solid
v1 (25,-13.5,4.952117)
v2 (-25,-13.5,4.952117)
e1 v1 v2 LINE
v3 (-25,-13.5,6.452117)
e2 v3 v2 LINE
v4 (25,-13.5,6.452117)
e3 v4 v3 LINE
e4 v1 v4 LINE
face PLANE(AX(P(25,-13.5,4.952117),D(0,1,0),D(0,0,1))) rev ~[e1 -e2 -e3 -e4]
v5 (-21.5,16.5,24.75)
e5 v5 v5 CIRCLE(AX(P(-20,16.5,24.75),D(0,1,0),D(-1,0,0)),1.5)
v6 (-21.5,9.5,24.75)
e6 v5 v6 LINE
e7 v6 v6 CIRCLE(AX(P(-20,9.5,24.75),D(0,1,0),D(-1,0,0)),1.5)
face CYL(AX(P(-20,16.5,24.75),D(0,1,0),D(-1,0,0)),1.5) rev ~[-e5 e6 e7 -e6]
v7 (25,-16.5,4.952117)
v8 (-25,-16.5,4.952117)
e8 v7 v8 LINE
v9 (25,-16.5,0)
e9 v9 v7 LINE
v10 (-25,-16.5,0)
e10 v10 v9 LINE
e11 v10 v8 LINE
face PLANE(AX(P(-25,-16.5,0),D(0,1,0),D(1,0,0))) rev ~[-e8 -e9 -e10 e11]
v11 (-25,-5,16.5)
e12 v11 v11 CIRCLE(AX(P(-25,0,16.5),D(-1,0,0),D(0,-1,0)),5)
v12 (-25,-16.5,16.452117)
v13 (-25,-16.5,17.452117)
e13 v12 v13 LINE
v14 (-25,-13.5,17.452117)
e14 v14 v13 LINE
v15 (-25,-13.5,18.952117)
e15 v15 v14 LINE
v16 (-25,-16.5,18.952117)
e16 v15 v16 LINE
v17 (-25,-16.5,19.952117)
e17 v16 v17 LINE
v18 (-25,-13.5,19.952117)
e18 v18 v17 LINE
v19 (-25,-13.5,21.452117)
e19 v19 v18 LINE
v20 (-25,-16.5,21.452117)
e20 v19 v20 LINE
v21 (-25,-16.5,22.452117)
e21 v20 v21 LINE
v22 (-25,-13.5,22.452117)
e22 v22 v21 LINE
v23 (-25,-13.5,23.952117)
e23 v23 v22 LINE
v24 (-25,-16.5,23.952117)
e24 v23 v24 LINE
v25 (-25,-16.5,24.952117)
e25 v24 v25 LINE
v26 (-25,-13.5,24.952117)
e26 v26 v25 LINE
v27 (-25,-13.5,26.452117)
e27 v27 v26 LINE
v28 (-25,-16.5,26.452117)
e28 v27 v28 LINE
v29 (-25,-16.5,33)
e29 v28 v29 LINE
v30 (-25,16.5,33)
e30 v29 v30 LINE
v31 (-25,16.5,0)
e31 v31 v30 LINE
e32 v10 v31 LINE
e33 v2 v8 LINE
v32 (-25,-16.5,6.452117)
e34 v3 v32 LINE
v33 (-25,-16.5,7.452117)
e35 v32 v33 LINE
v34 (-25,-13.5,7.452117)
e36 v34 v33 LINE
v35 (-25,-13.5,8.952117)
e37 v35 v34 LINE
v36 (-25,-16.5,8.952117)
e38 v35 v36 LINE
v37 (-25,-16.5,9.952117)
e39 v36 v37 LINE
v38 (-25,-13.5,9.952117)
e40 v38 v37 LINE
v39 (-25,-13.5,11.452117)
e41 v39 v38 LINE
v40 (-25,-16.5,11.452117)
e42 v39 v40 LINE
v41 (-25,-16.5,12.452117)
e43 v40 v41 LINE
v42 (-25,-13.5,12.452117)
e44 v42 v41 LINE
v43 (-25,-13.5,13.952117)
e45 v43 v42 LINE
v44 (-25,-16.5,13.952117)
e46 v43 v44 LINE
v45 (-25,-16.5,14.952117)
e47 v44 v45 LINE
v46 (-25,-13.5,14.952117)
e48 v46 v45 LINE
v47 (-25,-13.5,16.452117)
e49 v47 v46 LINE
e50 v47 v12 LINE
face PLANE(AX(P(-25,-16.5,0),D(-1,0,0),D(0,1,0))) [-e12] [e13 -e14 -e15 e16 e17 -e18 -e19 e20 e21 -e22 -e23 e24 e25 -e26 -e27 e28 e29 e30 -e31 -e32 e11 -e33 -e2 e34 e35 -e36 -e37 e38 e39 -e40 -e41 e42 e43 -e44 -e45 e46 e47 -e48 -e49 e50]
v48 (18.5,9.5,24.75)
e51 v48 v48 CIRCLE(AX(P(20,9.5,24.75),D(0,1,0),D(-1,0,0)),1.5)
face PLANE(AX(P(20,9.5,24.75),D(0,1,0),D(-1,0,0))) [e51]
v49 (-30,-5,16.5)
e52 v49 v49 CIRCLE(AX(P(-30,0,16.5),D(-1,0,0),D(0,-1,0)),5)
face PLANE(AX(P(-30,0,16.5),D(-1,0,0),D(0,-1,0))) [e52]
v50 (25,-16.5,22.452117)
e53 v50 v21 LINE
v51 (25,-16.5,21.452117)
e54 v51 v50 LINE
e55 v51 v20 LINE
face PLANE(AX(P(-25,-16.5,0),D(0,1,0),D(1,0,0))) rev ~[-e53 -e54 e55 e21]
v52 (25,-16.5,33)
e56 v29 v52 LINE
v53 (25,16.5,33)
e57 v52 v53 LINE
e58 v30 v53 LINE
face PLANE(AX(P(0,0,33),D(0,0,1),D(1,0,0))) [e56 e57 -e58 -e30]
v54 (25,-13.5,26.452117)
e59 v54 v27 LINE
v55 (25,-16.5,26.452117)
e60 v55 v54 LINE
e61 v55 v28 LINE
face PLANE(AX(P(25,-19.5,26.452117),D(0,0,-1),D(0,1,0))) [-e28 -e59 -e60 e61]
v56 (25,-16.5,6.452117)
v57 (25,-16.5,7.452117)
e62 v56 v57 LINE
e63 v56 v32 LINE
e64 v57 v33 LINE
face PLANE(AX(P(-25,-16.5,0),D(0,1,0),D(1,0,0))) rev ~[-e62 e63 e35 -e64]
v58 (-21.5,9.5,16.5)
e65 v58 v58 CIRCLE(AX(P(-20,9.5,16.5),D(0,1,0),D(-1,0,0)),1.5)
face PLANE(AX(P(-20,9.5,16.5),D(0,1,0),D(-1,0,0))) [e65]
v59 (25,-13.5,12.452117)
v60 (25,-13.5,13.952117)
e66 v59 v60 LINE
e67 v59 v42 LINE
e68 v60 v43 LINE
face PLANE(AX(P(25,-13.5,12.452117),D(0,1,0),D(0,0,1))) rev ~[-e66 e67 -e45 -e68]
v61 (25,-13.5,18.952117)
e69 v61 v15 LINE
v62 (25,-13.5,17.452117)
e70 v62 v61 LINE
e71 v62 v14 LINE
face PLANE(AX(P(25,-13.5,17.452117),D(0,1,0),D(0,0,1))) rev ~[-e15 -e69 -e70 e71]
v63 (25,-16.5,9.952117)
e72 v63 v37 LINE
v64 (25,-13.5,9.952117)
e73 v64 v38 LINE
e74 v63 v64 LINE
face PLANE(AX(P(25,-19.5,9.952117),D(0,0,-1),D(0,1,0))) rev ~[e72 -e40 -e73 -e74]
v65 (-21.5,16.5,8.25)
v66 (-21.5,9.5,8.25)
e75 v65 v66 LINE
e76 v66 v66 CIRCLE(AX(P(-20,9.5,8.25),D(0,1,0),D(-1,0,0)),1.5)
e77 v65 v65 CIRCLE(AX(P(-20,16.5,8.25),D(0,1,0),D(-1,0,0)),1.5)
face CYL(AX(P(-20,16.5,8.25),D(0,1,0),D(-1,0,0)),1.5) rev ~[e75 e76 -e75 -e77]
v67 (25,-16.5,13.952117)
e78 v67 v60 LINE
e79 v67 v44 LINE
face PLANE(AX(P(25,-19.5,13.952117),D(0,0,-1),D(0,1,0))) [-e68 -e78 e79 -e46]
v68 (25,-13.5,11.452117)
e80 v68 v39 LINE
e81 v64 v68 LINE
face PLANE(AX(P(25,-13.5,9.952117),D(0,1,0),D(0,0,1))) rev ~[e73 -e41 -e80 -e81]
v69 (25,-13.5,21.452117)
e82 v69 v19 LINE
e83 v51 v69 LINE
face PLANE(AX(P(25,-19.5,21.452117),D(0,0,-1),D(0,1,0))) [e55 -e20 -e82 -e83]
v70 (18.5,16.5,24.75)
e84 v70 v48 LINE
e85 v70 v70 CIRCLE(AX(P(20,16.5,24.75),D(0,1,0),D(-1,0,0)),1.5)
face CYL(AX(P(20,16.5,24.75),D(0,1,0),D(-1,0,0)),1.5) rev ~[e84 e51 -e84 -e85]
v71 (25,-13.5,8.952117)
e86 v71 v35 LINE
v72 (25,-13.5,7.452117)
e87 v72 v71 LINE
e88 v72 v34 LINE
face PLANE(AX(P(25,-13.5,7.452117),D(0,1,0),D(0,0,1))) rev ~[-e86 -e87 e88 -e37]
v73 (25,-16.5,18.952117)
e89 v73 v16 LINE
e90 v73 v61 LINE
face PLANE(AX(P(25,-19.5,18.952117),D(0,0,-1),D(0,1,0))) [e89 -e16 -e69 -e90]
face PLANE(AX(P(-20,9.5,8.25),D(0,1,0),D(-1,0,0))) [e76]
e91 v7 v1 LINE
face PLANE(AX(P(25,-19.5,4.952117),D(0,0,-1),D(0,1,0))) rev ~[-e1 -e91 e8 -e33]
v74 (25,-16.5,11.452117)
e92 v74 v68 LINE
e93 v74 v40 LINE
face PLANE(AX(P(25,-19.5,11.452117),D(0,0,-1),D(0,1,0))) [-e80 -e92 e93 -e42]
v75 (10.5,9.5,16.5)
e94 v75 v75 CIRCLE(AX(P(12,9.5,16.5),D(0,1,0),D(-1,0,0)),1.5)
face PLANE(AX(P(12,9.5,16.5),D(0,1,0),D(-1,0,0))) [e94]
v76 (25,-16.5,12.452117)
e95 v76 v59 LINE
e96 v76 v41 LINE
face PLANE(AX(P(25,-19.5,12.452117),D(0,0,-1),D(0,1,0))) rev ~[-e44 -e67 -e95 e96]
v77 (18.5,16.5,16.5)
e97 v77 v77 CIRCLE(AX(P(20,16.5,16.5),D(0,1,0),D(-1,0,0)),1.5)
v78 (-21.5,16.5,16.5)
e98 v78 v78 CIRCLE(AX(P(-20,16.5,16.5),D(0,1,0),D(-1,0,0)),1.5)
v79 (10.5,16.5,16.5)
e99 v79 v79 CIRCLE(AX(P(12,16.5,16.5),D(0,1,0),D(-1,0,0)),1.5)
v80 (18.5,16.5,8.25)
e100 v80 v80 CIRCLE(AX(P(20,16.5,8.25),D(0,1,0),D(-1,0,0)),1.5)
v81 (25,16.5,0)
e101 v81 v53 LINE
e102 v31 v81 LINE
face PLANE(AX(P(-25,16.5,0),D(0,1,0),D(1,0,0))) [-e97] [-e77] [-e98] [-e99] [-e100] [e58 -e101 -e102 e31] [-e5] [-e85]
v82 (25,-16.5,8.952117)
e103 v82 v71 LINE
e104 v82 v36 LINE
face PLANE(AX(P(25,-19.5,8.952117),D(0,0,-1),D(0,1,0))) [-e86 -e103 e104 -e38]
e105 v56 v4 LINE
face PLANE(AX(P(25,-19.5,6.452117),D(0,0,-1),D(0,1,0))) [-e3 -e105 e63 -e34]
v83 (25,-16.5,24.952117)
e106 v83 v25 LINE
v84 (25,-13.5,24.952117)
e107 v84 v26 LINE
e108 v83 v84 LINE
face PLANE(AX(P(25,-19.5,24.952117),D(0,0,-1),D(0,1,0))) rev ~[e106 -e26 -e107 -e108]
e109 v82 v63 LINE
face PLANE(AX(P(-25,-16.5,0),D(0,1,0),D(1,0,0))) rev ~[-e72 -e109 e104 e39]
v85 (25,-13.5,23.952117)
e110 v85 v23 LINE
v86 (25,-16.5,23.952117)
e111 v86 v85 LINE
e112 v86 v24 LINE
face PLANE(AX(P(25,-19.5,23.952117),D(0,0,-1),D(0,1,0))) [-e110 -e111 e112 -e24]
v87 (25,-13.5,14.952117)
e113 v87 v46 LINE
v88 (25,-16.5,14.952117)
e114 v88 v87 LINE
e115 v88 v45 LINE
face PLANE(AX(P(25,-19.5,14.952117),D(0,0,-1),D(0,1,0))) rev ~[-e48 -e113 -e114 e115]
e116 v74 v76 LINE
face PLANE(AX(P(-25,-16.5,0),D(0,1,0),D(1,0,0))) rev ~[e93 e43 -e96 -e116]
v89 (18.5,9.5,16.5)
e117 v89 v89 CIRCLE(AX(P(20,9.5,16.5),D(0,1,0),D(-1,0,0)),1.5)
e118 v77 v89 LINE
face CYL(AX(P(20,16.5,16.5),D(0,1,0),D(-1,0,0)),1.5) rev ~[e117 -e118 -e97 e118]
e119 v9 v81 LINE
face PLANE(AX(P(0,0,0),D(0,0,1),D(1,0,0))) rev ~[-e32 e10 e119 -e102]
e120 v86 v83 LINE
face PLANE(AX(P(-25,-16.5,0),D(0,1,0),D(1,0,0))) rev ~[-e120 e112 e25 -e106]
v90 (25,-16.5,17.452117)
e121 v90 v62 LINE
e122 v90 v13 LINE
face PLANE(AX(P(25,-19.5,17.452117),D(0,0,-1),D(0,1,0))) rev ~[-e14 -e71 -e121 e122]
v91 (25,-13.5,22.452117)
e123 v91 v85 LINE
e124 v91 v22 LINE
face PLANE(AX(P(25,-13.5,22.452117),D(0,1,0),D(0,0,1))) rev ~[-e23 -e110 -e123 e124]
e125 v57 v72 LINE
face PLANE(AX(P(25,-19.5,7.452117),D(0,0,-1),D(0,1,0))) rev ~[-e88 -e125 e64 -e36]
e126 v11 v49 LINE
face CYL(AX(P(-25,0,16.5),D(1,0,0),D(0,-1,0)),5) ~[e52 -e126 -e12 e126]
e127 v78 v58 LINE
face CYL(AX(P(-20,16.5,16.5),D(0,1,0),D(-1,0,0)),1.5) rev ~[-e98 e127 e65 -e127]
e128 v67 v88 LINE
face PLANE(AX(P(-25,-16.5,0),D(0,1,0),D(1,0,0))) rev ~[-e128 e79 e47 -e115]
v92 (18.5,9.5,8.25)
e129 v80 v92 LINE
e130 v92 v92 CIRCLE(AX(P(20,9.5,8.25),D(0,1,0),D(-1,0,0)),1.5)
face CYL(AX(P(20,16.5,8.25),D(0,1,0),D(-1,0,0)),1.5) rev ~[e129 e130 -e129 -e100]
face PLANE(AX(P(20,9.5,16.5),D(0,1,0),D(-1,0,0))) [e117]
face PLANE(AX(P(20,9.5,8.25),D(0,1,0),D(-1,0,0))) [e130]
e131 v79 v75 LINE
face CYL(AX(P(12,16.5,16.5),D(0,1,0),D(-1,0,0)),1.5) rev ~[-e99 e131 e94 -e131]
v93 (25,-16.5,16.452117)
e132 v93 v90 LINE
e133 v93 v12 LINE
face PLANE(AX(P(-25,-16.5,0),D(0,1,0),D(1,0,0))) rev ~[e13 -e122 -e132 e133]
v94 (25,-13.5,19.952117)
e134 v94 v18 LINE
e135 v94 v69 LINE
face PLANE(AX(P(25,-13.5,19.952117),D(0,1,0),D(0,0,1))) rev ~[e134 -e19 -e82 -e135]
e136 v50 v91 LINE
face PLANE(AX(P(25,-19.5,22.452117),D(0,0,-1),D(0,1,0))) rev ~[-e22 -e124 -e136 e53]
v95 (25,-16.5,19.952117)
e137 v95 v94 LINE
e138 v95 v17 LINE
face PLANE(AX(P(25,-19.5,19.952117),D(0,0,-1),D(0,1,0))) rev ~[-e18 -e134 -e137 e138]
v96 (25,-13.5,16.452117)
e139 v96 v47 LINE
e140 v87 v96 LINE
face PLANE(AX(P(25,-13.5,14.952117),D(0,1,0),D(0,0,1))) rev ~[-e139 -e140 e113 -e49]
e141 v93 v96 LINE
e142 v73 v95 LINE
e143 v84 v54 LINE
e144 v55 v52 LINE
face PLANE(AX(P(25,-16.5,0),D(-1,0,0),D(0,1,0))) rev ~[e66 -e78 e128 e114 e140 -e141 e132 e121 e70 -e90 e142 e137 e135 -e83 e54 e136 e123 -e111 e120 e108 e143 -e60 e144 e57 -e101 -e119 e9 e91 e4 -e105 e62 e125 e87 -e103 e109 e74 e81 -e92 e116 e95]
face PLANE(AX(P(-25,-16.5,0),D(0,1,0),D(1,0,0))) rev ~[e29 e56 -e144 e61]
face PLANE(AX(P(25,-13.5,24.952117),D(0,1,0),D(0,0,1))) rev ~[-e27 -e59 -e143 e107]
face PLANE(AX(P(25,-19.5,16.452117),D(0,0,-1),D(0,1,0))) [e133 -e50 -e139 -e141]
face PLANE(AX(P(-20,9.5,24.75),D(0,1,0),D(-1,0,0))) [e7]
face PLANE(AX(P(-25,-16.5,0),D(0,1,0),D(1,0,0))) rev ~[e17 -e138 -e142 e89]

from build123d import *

# Parameters (mm, degrees)
F0_W     = 50
F0_H     = 33
F1_DEPTH = 33
F2_W     = 6
F2_H     = 1.5
F3_DEPTH = 50.001
F4_R     = 5
F5_DEPTH = 5
F6_R     = 1.5
F7_DEPTH = 7


with BuildPart() as f1:
    # F0 (on Top) → F1 (new body)
    with BuildSketch(Plane.XY):
        Rectangle(F0_W, F0_H)
    extrude(amount=F1_DEPTH)

    # F2 (on face) → F3 (cut, through all)
    with BuildSketch(Plane.YZ.offset(25)):
        with Locations((-16.5, 25.702117)):
            Rectangle(F2_W, F2_H)
        with Locations((-16.5, 23.202117)):
            Rectangle(F2_W, F2_H)
        with Locations((-16.5, 20.702117)):
            Rectangle(F2_W, F2_H)
        with Locations((-16.5, 18.202117)):
            Rectangle(F2_W, F2_H)
        with Locations((-16.5, 15.702117)):
            Rectangle(F2_W, F2_H)
        with Locations((-16.5, 13.202117)):
            Rectangle(F2_W, F2_H)
        with Locations((-16.5, 10.702117)):
            Rectangle(F2_W, F2_H)
        with Locations((-16.5, 8.202117)):
            Rectangle(F2_W, F2_H)
        with Locations((-16.5, 5.702117)):
            Rectangle(F2_W, F2_H)
    extrude(amount=-F3_DEPTH, mode=Mode.SUBTRACT)

    # F4 (on face) → F5 (join)
    with BuildSketch(Plane(origin=(-25, 0, 0), x_dir=(0, -1, 0), z_dir=(-1, 0, 0))):
        with Locations((0, 16.5)):
            Circle(F4_R)
    extrude(amount=F5_DEPTH)

    # F6 (on face) → F7 (cut)
    with BuildSketch(Plane(origin=(0, 16.5, 0), x_dir=(-1, 0, 0), z_dir=(0, 1, 0))):
        with Locations((-20, 8.25)):
            Circle(F6_R)
        with Locations((-20, 16.5)):
            Circle(F6_R)
        with Locations((-20, 24.75)):
            Circle(F6_R)
        with Locations((-12, 16.5)):
            Circle(F6_R)
        with Locations((20, 16.5)):
            Circle(F6_R)
        with Locations((20, 8.25)):
            Circle(F6_R)
        with Locations((20, 24.75)):
            Circle(F6_R)
    extrude(amount=-F7_DEPTH, mode=Mode.SUBTRACT)


solid = f1.part
